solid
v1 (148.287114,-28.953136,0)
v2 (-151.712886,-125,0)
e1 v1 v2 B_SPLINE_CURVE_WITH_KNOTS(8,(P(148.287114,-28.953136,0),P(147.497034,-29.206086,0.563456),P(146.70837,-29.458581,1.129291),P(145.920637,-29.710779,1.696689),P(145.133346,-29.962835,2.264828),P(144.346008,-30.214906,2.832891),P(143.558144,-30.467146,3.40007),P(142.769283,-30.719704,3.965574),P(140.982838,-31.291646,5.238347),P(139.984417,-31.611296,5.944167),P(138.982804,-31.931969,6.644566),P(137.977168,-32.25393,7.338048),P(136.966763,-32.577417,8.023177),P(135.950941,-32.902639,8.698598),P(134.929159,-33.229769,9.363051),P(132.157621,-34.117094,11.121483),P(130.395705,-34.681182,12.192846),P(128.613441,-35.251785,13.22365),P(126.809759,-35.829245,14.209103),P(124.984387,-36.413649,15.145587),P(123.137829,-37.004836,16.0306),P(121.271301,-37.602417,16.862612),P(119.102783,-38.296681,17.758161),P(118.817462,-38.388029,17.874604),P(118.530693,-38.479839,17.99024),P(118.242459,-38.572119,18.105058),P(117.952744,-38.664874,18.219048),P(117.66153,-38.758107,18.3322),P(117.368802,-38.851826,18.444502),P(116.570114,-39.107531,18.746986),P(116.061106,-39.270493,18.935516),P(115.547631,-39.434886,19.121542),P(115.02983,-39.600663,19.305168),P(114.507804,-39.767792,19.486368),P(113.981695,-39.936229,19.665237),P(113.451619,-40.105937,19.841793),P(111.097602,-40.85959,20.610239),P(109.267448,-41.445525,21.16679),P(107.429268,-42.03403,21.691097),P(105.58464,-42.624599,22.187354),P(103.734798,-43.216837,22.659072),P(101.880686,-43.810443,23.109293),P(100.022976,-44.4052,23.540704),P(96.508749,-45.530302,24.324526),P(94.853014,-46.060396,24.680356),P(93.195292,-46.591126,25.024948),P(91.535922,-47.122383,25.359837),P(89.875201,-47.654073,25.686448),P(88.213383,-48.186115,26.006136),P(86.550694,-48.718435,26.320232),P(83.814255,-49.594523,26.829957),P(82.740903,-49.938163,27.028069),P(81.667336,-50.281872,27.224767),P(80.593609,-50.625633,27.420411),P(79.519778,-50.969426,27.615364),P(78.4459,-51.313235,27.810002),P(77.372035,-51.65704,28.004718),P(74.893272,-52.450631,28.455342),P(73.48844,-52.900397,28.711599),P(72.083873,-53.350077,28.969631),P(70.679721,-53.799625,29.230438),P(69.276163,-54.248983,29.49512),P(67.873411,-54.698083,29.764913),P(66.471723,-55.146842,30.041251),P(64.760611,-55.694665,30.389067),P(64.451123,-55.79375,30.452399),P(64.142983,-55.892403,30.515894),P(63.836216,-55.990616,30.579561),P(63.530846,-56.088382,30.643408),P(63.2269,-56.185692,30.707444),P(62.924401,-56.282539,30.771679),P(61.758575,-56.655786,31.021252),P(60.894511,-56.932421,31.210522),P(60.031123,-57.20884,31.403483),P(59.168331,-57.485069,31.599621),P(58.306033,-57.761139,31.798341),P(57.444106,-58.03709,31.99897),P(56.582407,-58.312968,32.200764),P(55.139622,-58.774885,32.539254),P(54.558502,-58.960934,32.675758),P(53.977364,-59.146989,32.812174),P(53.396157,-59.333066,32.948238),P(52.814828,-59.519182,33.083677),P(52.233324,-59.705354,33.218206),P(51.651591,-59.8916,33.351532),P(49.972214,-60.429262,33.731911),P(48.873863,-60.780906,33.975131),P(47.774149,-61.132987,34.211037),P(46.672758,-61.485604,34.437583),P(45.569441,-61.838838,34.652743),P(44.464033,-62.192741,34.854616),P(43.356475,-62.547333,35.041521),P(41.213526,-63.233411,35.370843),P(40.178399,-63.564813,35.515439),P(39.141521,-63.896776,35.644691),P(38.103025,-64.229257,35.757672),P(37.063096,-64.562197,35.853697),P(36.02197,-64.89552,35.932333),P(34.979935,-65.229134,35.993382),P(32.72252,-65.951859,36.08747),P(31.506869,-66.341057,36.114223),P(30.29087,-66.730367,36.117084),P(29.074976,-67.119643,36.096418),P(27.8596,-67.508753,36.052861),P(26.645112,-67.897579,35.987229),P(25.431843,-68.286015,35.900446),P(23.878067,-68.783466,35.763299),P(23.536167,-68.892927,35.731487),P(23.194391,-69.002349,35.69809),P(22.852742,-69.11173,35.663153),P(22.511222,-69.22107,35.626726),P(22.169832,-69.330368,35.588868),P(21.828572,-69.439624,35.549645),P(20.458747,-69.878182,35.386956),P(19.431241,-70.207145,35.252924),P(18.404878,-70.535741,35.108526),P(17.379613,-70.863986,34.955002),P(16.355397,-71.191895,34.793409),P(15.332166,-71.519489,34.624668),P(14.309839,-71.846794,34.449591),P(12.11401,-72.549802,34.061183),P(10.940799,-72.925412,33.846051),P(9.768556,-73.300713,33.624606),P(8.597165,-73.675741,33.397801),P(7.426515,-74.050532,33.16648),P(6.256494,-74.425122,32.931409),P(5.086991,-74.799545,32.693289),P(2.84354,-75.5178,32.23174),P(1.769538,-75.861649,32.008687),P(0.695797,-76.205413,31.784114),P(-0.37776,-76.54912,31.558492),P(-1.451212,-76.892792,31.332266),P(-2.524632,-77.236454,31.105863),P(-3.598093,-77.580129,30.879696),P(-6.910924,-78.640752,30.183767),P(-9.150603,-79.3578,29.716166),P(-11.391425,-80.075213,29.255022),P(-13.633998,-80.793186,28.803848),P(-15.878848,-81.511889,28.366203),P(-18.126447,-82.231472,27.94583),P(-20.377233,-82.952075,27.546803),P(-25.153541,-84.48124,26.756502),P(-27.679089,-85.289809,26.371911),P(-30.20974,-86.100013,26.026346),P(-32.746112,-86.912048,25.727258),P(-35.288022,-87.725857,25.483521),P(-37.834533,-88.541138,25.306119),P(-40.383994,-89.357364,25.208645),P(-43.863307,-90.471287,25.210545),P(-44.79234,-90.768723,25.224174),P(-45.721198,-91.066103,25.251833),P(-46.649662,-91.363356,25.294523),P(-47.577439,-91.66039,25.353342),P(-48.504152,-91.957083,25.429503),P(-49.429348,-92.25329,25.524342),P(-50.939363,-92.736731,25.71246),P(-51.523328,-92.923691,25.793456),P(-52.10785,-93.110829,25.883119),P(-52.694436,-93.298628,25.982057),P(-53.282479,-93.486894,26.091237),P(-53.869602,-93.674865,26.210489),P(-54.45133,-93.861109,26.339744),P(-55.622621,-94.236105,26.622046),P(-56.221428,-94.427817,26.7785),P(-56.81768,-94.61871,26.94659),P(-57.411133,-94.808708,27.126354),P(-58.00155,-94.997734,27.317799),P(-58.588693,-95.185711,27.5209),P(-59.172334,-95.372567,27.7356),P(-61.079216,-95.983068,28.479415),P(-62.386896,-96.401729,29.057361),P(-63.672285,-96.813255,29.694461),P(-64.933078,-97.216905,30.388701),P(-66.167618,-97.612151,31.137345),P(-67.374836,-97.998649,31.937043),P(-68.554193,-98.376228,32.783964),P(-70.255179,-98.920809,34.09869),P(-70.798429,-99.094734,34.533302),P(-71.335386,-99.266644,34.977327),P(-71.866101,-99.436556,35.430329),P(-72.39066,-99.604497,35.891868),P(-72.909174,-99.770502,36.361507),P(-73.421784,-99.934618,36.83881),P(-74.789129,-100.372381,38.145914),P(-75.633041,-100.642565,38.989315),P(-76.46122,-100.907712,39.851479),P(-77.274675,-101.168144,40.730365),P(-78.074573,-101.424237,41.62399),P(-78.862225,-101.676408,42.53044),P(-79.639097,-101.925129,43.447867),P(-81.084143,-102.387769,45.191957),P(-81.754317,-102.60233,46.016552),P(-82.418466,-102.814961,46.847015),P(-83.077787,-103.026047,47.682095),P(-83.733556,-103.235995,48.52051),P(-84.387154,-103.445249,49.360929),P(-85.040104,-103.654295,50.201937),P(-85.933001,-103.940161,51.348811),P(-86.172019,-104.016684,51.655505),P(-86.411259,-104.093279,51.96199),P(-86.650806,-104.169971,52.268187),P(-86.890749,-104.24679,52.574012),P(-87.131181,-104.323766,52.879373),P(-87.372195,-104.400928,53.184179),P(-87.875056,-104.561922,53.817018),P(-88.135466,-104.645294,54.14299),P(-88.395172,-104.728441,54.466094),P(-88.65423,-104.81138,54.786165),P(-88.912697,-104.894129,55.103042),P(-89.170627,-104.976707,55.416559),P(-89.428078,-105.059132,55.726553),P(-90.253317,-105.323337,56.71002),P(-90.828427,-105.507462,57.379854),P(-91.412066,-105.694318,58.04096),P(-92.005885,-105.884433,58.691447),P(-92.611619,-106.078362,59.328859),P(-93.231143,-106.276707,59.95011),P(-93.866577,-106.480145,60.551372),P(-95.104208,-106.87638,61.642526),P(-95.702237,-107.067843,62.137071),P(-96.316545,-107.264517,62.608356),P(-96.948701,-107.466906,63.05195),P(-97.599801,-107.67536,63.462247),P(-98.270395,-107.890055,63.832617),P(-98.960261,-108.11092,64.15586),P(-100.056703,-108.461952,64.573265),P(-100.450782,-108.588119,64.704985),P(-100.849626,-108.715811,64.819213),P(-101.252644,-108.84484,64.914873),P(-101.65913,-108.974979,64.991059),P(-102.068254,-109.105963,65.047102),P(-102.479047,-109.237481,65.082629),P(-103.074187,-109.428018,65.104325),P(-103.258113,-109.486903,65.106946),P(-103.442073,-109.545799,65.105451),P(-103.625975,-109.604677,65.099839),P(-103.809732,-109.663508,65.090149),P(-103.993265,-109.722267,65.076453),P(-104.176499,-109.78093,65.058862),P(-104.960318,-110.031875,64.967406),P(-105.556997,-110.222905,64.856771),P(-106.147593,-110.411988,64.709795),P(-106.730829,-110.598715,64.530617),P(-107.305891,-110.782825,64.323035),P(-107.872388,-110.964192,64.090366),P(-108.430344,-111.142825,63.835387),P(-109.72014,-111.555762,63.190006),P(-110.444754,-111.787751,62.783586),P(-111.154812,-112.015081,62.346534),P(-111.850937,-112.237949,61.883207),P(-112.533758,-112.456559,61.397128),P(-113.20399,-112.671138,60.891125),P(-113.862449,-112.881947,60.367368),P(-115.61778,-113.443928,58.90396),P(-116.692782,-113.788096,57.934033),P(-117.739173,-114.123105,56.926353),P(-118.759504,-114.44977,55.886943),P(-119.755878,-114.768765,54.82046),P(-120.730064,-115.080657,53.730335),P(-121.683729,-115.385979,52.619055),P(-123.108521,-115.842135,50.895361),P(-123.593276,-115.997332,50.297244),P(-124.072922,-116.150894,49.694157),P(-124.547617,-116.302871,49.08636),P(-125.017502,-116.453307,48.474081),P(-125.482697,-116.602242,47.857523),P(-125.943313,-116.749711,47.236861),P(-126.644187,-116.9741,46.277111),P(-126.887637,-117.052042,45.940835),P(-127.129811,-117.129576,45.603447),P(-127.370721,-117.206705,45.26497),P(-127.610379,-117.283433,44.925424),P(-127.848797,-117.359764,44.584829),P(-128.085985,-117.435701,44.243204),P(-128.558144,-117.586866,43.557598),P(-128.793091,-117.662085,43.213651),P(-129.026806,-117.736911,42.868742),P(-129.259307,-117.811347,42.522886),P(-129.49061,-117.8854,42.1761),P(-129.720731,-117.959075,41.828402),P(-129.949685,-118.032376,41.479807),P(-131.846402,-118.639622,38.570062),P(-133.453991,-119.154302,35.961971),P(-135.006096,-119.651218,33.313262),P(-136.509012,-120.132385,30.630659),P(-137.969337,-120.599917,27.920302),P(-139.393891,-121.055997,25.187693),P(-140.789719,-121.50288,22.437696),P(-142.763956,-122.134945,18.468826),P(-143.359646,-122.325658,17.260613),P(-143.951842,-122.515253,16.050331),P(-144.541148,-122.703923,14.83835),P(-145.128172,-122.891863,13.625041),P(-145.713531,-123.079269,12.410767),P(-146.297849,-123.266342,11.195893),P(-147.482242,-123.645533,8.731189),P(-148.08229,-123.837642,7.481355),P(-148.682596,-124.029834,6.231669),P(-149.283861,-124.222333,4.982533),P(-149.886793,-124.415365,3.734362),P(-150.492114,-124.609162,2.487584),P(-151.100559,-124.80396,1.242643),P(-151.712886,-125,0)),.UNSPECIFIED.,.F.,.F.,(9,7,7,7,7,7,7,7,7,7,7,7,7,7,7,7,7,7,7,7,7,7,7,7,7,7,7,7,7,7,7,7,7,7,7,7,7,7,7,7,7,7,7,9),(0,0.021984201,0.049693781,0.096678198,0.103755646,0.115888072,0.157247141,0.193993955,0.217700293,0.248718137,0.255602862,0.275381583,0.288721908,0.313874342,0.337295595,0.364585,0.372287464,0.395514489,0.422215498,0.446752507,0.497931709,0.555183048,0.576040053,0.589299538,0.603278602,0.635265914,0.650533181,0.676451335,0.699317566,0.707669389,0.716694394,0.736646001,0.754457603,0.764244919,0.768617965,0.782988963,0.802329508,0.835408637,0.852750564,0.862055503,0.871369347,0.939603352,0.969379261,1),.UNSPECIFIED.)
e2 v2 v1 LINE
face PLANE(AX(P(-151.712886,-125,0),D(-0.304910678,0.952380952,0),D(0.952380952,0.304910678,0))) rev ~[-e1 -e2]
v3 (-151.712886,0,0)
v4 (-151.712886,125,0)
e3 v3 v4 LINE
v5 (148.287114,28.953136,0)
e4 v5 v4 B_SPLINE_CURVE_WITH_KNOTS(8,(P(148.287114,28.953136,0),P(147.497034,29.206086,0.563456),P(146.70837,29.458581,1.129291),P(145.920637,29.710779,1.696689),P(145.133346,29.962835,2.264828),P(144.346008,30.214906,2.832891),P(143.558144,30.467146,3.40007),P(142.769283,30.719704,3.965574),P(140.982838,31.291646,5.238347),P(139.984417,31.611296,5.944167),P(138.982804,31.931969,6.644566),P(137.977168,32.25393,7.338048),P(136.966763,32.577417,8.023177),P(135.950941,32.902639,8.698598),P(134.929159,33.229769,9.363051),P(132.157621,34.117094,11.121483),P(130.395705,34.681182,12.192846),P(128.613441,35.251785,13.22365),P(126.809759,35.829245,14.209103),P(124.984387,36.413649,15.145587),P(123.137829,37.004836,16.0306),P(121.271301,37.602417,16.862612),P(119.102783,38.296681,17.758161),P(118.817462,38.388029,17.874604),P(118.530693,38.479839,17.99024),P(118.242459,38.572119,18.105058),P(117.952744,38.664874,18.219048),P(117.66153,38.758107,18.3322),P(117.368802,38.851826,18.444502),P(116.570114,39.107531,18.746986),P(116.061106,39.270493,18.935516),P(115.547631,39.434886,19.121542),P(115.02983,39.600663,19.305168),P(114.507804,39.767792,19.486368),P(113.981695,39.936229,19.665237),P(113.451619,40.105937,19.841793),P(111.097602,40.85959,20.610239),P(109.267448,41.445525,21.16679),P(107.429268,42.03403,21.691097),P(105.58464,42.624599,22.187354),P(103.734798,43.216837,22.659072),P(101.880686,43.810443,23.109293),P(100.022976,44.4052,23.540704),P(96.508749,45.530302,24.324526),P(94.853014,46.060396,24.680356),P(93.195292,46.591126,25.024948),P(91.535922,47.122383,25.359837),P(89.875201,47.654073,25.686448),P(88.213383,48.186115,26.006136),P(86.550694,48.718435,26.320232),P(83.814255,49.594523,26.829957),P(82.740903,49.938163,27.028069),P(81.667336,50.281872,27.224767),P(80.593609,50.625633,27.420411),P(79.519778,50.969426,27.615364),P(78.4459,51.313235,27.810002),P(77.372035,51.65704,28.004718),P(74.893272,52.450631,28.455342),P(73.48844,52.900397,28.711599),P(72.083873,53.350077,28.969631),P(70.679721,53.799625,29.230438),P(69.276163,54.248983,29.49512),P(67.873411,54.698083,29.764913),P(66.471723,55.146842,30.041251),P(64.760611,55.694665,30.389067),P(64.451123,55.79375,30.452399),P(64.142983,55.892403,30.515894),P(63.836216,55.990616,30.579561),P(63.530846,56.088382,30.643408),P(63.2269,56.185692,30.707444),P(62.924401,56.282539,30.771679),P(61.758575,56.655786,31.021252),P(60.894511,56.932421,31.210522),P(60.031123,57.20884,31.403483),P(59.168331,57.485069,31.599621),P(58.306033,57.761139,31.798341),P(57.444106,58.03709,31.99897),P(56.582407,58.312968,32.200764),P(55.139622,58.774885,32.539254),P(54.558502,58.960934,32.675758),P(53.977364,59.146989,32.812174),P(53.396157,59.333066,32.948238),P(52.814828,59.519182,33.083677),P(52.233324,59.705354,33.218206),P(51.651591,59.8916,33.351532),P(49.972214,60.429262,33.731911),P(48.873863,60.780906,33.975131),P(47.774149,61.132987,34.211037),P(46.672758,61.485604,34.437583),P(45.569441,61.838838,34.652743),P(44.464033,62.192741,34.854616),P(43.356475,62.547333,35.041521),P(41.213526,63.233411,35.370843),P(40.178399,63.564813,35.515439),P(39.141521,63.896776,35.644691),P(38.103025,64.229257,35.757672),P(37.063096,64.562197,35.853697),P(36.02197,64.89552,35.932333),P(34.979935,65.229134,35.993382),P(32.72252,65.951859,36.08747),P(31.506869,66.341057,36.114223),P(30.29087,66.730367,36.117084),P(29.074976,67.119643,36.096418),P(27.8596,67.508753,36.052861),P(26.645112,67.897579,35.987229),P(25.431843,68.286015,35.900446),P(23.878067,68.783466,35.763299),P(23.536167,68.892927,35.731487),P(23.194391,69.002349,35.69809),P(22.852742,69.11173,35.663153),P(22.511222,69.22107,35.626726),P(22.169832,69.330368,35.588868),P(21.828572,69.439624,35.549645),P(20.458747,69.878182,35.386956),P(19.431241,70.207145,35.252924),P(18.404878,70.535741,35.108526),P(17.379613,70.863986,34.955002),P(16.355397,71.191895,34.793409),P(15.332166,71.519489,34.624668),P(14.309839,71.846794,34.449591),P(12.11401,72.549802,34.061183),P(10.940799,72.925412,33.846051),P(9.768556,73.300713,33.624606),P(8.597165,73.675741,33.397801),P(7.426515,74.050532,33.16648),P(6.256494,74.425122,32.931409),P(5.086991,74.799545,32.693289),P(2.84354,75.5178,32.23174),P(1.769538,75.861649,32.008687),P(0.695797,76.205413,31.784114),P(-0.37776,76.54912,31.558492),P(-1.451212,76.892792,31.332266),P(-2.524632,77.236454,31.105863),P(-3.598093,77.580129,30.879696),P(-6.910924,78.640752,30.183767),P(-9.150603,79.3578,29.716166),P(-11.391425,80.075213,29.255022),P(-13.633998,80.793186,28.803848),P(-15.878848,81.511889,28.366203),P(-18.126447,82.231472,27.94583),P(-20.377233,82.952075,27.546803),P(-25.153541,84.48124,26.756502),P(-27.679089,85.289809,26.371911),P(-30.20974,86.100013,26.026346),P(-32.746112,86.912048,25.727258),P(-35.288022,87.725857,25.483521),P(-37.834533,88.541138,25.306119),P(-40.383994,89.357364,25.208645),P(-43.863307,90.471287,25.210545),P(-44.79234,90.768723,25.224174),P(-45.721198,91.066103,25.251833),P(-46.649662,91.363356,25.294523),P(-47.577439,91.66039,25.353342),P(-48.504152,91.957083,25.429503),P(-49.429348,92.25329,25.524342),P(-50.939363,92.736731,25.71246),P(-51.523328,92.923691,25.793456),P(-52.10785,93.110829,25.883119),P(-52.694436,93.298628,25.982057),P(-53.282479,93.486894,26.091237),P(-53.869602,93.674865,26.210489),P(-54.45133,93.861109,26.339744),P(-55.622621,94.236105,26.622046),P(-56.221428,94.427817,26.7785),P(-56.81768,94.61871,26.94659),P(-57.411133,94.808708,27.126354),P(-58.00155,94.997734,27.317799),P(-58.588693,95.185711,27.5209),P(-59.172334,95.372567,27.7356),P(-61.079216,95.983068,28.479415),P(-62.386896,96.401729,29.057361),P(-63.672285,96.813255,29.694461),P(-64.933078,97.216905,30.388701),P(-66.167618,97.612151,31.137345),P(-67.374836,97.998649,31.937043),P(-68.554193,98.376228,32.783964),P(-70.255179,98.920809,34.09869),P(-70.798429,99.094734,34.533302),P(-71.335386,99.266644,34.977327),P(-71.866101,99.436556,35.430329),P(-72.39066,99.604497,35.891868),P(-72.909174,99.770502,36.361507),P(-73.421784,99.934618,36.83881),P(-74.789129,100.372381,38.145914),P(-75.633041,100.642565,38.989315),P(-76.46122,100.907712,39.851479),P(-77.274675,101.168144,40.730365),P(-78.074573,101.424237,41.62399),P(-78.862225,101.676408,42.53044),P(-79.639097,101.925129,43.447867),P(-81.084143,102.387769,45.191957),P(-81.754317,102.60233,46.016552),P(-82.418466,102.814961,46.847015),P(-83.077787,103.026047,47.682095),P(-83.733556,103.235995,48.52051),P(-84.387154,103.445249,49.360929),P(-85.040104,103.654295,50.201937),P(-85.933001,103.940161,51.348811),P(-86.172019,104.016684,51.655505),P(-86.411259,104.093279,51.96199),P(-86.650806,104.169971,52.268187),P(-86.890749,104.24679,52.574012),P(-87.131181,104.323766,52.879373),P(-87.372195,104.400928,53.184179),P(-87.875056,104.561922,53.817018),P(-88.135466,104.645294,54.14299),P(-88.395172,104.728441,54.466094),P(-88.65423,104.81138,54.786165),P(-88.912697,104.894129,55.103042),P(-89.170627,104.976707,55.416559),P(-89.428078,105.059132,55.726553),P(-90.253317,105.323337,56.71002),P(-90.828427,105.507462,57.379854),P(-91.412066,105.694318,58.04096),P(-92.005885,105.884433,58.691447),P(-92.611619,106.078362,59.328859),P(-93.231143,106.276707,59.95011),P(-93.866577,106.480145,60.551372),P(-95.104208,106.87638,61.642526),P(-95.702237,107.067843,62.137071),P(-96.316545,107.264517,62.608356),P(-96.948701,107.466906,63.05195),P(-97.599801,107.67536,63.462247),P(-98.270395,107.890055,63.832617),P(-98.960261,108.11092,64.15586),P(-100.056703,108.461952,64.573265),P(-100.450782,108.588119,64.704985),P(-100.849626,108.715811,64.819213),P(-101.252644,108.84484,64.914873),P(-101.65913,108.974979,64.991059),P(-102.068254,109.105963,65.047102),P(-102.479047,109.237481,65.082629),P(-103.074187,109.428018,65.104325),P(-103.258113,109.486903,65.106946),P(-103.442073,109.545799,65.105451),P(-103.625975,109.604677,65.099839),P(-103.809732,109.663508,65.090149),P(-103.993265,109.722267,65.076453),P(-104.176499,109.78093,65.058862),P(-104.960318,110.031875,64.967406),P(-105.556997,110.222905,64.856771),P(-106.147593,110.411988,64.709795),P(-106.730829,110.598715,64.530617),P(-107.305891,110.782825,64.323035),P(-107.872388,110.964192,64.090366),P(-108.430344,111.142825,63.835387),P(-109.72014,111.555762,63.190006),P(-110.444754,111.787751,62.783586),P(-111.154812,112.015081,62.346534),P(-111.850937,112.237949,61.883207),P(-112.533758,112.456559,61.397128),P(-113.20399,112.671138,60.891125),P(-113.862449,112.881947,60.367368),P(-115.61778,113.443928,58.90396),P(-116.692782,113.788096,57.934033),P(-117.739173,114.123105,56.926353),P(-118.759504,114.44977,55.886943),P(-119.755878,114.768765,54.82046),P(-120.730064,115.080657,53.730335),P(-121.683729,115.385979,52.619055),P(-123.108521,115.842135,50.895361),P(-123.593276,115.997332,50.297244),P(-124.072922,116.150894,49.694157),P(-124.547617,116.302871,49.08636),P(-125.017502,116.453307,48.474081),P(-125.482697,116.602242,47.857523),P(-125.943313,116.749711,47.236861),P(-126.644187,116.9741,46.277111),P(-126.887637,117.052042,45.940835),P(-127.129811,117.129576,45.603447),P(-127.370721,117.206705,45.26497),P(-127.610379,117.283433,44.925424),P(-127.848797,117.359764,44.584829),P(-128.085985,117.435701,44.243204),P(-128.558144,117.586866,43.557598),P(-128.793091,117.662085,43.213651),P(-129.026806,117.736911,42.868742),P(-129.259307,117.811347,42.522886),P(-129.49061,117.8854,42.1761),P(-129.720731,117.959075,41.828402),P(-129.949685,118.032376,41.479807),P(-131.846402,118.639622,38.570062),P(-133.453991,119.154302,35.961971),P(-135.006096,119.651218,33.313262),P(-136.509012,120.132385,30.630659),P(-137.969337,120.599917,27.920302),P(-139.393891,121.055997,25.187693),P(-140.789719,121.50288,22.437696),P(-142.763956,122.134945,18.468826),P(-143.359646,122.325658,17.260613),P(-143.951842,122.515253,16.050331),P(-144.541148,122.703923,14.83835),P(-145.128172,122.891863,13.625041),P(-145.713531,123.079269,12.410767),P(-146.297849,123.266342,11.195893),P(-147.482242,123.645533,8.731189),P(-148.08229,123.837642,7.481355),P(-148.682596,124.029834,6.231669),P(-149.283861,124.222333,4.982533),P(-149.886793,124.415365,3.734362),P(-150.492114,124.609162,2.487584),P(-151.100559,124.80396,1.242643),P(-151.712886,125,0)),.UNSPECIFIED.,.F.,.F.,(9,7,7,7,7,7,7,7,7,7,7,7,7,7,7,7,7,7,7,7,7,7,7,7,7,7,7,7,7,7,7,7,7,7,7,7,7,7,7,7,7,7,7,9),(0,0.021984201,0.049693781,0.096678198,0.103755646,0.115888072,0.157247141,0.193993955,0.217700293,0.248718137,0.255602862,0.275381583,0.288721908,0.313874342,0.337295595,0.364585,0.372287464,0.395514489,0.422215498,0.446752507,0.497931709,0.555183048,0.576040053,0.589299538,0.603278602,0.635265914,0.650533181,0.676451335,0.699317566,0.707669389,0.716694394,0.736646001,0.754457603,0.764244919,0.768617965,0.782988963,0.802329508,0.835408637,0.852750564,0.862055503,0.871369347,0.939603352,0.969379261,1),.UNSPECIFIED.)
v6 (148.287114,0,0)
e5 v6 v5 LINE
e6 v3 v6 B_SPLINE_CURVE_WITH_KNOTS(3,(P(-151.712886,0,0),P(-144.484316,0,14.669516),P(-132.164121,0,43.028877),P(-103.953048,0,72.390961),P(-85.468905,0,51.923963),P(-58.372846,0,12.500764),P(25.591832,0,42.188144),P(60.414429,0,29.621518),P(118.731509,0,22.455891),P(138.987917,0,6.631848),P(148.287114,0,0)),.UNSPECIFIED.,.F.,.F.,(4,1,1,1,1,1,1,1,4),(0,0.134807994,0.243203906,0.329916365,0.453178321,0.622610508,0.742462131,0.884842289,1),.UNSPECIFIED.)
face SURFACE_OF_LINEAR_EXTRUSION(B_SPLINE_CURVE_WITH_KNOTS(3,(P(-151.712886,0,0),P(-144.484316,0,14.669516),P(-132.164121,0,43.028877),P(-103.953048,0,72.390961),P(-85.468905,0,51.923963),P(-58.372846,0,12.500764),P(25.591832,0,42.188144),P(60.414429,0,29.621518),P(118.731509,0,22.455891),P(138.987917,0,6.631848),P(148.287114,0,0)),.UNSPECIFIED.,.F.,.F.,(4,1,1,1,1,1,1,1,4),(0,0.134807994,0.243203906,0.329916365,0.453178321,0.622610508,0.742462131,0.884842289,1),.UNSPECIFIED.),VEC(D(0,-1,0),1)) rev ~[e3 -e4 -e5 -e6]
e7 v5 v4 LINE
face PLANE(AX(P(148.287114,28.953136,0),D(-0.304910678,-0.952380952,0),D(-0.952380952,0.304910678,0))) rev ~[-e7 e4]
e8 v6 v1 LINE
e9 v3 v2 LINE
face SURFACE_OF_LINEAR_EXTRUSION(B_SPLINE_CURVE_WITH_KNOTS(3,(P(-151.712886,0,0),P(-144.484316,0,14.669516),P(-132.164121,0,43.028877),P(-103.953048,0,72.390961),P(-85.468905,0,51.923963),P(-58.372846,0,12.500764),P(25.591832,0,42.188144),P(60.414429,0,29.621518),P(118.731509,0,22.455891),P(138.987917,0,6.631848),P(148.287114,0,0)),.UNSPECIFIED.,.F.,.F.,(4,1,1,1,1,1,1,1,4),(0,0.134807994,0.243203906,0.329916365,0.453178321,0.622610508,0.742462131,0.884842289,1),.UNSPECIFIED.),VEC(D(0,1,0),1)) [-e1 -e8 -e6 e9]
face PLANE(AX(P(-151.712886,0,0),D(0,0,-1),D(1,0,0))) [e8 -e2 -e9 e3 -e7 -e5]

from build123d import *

# Parameters (mm, degrees)
F1_DEPTH = 125
F3_DEPTH = 100


with BuildPart() as f1:
    # F0 (on Front) → F1 (new body, symmetric)
    with BuildSketch(Plane.XZ):
        with BuildLine():
            add(Edge.make_bspline(
                [(-151.71288579, 0), (-144.4843162103, 14.6695163073), (-132.1641213285, 43.0288768856), (-103.9530475901, 72.3909612967), (-85.4689049726, 51.9239626596), (-58.3728459467, 12.5007640904), (25.5918318224, 42.1881438414), (60.4144291041, 29.6215179094), (118.7315086089, 22.4558909569), (138.9879165772, 6.6318475484), (148.28711421, 0)],
                knots=[0, 0, 0, 0, 0.1348079941, 0.2432039061, 0.3299163645, 0.4531783208, 0.6226105085, 0.7424621315, 0.8848422886, 1, 1, 1, 1], degree=3))
            Line((-151.71288579, 0), (148.28711421, 0))
        make_face()
    extrude(amount=F1_DEPTH, both=True)

    # F2 (on face) → F3 (cut)
    with BuildSketch(Plane(origin=(0, 0, 0), x_dir=(1, 0, 0), z_dir=(0, 0, -1))):
        Polygon((148.28711421, 125), (148.28711421, 28.9531364385), (148.28711421, 0), (148.28711421, -28.9531364385), (148.28711421, -125), (-151.71288579, -125), (237.6031726599, -126.9484460354), (237.6031726599, 125), align=None)
        Polygon((148.28711421, -28.9531364385), (-151.71288579, -125), (148.28711421, -125), align=None)
        Polygon((148.28711421, 125), (-151.71288579, 125), (148.28711421, 28.9531364385), align=None)
    extrude(amount=-F3_DEPTH, mode=Mode.SUBTRACT)


solid = f1.part
